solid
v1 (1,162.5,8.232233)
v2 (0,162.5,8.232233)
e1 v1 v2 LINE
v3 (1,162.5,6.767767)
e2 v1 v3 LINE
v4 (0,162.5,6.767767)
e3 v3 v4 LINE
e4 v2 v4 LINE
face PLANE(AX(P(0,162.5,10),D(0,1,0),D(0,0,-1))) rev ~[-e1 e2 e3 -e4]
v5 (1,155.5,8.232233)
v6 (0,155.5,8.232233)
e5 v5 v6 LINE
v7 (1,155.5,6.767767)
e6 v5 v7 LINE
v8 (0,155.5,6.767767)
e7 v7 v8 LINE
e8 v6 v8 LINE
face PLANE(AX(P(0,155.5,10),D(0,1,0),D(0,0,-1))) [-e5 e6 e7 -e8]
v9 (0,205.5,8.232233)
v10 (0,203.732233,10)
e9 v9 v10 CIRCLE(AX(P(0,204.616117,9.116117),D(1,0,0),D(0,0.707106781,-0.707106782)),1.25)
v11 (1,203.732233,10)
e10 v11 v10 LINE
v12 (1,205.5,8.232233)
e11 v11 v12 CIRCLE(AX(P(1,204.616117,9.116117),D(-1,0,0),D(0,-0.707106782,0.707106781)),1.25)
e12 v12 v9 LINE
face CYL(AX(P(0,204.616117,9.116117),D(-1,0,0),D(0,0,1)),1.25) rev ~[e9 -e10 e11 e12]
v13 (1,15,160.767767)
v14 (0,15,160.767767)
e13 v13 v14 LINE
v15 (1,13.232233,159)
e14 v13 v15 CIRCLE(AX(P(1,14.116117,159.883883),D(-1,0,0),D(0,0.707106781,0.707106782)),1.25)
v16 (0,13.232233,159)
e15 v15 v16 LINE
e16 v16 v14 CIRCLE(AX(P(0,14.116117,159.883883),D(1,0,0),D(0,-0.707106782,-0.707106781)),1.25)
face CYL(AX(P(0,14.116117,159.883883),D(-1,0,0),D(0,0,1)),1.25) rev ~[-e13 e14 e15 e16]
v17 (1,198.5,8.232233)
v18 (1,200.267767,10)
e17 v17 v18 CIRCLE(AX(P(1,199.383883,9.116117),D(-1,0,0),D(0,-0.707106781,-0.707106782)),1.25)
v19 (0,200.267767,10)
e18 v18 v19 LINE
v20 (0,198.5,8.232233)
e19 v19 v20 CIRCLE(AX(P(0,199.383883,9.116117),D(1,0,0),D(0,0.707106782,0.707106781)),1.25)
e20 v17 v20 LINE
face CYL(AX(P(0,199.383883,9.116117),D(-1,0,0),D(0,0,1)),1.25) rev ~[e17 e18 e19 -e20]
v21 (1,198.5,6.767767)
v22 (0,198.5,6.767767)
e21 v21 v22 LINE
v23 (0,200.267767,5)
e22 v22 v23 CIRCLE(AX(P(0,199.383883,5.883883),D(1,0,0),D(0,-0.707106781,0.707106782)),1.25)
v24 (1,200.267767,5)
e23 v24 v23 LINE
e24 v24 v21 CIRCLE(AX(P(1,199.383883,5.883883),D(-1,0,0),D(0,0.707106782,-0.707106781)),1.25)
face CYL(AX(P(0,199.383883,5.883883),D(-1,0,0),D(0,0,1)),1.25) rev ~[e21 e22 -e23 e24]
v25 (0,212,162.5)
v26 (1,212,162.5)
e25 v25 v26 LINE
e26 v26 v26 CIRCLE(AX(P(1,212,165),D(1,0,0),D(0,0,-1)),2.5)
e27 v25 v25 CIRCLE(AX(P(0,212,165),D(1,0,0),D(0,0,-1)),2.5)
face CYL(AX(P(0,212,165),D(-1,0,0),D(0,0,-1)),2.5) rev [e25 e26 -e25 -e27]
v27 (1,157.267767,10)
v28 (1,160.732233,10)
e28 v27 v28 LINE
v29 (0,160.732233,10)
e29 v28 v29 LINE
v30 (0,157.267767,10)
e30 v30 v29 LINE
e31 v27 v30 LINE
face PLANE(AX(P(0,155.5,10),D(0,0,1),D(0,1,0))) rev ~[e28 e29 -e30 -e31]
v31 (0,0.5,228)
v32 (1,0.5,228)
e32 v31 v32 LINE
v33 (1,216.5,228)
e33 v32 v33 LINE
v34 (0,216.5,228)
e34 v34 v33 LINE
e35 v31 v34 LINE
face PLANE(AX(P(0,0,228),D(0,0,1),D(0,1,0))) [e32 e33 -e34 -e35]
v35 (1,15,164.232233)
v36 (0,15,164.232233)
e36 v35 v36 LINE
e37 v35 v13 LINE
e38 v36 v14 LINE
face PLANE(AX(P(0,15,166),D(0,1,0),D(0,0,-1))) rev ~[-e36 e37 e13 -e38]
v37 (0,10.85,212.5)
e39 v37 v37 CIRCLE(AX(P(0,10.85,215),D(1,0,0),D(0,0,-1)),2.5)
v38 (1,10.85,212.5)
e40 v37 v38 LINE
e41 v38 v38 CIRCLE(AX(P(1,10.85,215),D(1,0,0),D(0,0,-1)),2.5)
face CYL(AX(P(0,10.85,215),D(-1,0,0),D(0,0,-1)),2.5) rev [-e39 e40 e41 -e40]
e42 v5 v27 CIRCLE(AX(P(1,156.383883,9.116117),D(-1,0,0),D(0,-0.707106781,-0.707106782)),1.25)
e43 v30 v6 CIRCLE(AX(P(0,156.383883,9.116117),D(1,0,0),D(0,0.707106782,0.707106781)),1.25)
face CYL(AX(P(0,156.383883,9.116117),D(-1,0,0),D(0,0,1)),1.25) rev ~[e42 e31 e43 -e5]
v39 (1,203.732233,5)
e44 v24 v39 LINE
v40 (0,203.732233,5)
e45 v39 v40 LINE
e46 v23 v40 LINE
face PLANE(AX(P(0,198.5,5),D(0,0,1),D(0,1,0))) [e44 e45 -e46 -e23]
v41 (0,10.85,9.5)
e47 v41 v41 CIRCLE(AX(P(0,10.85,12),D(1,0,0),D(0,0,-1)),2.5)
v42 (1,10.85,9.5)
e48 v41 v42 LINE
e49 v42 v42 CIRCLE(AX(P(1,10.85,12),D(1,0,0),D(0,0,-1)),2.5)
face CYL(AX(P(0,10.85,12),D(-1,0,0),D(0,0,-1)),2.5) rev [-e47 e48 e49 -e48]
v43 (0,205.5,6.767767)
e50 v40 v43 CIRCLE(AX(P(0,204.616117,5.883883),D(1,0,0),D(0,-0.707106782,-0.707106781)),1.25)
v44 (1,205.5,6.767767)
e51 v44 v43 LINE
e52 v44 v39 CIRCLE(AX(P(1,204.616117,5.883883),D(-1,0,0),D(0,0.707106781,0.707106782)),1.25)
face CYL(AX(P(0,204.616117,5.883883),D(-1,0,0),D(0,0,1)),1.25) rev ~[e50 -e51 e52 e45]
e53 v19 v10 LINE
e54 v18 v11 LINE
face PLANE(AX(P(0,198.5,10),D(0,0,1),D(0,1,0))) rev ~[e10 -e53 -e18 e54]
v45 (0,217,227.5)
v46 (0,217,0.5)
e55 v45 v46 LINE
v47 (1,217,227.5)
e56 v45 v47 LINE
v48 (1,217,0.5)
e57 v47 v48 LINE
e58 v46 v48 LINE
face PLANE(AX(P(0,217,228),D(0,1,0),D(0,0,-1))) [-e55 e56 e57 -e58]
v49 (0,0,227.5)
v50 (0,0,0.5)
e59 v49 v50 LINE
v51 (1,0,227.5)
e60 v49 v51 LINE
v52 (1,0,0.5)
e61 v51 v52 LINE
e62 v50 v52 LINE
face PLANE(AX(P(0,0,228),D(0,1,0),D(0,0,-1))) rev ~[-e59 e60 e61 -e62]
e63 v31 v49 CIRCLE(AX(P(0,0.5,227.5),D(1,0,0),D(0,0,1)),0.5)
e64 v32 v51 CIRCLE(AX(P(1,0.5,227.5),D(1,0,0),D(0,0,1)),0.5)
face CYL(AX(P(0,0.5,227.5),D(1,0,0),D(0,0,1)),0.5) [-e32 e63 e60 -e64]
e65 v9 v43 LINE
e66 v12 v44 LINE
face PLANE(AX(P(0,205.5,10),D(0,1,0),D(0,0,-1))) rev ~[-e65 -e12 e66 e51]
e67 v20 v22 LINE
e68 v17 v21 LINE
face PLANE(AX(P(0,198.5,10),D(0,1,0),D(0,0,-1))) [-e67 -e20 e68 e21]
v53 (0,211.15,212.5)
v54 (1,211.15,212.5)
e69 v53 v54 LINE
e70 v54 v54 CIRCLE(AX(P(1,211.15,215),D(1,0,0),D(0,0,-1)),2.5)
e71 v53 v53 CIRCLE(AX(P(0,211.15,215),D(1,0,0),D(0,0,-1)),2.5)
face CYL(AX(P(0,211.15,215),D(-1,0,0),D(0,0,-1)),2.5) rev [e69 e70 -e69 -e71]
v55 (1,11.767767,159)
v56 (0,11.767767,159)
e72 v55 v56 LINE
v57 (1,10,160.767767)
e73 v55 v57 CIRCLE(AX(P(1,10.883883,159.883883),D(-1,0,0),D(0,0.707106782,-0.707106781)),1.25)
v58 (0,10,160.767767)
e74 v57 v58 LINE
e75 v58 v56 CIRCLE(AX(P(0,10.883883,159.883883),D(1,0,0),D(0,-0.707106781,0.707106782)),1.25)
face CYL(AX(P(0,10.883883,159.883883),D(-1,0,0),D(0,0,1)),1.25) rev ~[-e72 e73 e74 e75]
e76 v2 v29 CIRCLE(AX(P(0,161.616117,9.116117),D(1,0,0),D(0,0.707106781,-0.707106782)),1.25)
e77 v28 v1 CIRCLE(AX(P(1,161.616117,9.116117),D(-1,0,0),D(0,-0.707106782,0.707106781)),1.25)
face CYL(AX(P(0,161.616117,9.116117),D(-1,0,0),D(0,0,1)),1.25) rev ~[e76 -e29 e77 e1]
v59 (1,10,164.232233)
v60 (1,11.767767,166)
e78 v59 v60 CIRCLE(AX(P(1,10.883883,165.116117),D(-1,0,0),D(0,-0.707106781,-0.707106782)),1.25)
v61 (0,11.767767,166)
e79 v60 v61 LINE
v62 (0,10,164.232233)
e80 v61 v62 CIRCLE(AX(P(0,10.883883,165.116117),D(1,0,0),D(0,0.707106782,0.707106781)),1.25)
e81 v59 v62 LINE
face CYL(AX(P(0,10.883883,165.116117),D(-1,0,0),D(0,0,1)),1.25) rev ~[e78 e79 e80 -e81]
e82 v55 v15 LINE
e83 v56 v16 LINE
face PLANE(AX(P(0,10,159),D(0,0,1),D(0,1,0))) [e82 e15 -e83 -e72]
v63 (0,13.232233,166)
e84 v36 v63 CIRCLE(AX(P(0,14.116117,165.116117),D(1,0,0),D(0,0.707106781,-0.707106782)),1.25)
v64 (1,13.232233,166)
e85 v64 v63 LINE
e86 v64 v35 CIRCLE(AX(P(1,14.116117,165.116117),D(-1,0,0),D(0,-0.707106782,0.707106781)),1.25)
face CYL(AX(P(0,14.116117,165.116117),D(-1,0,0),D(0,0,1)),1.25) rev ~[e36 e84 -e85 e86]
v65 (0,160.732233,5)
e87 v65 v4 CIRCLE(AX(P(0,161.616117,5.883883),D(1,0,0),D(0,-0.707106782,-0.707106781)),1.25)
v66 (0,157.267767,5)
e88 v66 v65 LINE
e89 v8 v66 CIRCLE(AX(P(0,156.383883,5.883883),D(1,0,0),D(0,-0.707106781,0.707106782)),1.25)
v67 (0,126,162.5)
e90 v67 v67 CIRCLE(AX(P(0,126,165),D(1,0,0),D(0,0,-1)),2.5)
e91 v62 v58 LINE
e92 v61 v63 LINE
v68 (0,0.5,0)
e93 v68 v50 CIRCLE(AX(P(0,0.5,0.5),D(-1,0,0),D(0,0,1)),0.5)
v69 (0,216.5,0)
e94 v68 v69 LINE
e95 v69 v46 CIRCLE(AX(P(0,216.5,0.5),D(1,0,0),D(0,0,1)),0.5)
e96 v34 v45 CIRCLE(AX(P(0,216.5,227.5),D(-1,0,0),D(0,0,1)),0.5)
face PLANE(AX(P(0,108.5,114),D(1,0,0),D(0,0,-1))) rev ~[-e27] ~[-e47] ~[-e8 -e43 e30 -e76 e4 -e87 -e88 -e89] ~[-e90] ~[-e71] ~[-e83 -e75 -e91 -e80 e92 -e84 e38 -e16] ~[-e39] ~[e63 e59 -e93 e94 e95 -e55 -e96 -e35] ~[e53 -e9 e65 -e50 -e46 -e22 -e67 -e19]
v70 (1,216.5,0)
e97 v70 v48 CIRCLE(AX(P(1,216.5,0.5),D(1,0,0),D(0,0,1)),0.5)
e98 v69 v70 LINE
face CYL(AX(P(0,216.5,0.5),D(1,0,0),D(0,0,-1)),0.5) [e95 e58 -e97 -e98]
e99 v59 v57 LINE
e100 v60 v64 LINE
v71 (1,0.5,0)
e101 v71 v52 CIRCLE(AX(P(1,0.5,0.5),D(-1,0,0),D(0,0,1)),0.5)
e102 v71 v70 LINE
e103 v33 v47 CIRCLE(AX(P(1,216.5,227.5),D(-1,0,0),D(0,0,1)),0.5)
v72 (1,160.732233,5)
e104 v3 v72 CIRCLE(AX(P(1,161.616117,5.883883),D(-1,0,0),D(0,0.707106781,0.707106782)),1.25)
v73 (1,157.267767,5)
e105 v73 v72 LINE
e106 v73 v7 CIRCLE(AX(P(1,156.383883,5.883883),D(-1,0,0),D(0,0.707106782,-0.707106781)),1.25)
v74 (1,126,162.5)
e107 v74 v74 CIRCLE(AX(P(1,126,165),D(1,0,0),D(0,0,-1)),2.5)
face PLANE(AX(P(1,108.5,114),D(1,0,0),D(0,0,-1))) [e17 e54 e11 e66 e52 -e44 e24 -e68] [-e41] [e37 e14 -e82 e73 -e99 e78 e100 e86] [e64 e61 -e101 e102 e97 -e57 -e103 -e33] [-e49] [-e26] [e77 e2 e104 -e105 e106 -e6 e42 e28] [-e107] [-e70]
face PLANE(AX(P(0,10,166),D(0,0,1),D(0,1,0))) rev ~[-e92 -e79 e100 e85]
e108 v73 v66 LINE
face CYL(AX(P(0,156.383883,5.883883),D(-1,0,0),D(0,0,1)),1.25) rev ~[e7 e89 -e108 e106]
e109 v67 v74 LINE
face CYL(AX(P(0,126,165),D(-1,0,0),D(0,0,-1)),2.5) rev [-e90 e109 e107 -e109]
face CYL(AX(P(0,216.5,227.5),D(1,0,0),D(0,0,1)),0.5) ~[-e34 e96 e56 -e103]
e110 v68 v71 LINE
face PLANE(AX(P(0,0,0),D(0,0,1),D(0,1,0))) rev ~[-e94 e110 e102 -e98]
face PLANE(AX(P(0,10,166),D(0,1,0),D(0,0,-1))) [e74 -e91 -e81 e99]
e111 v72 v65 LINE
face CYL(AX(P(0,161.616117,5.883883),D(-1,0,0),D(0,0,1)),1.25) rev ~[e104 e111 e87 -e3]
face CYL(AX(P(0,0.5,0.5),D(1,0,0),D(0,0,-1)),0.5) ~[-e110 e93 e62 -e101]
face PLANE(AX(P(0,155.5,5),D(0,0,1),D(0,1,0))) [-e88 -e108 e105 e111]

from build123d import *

# Parameters (mm, degrees)
SKETCH1_W           = 228
SKETCH1_H           = 217
SKETCH1_R           = 2.5
SKETCH1_W_2         = 5
SKETCH1_H_2         = 7
SKETCH1_W_3         = 7
SKETCH1_H_3         = 5
BOSS_EXTRUDE1_DEPTH = 1
SKETCH3_R           = 1.25
CUT_EXTRUDE3_DEPTH  = 315.760226204
FILLET1_R           = 0.5


with BuildPart() as part:
    # Sketch1 → Boss-Extrude1 (new body)
    with BuildSketch(Plane(origin=(0, 0, 0), x_dir=(0, 0, -1), z_dir=(1, 0, 0))):
        with Locations((-114, 108.5)):
            Rectangle(SKETCH1_W, SKETCH1_H)
        with Locations((-215, 10.85)):
            Circle(SKETCH1_R, mode=Mode.SUBTRACT)
        with Locations((-215, 211.15)):
            Circle(SKETCH1_R, mode=Mode.SUBTRACT)
        with Locations((-165, 212)):
            Circle(SKETCH1_R, mode=Mode.SUBTRACT)
        with Locations((-165, 126)):
            Circle(SKETCH1_R, mode=Mode.SUBTRACT)
        with Locations((-12, 10.85)):
            Circle(SKETCH1_R, mode=Mode.SUBTRACT)
        with Locations((-7.5, 202)):
            Rectangle(SKETCH1_W_2, SKETCH1_H_2, mode=Mode.SUBTRACT)
        with Locations((-7.5, 159)):
            Rectangle(SKETCH1_W_2, SKETCH1_H_2, mode=Mode.SUBTRACT)
        with Locations((-162.5, 12.5)):
            Rectangle(SKETCH1_W_3, SKETCH1_H_3, mode=Mode.SUBTRACT)
    extrude(amount=BOSS_EXTRUDE1_DEPTH)

    # Sketch3 → Cut-Extrude3 (cut, through all)
    with BuildSketch(Plane.ZY):
        with Locations((5.883883476, 204.616116524)):
            Circle(SKETCH3_R)
        with Locations((9.116116524, 204.616116524)):
            Circle(SKETCH3_R)
        with Locations((5.883883476, 199.383883476)):
            Circle(SKETCH3_R)
        with Locations((9.116116524, 199.383883476)):
            Circle(SKETCH3_R)
        with Locations((9.116116524, 161.616116524)):
            Circle(SKETCH3_R)
        with Locations((5.883883476, 161.616116524)):
            Circle(SKETCH3_R)
        with Locations((9.116116524, 156.383883476)):
            Circle(SKETCH3_R)
        with Locations((5.883883476, 156.383883476)):
            Circle(SKETCH3_R)
        with Locations((165.116116524, 14.116116524)):
            Circle(SKETCH3_R)
        with Locations((165.116116524, 10.883883476)):
            Circle(SKETCH3_R)
        with Locations((159.883883476, 10.883883476)):
            Circle(SKETCH3_R)
        with Locations((159.883883476, 14.116116524)):
            Circle(SKETCH3_R)
    extrude(amount=-CUT_EXTRUDE3_DEPTH, mode=Mode.SUBTRACT)

    # Fillet1
    fillet1_edges = [part.edges().sort_by_distance(p)[0] for p in [
        (0.5, 0, 0),
        (0.5, 0, 228),
        (0.5, 217, 228),
        (0.5, 217, 0),
    ]]
    fillet(fillet1_edges, radius=FILLET1_R)


solid = part.part
